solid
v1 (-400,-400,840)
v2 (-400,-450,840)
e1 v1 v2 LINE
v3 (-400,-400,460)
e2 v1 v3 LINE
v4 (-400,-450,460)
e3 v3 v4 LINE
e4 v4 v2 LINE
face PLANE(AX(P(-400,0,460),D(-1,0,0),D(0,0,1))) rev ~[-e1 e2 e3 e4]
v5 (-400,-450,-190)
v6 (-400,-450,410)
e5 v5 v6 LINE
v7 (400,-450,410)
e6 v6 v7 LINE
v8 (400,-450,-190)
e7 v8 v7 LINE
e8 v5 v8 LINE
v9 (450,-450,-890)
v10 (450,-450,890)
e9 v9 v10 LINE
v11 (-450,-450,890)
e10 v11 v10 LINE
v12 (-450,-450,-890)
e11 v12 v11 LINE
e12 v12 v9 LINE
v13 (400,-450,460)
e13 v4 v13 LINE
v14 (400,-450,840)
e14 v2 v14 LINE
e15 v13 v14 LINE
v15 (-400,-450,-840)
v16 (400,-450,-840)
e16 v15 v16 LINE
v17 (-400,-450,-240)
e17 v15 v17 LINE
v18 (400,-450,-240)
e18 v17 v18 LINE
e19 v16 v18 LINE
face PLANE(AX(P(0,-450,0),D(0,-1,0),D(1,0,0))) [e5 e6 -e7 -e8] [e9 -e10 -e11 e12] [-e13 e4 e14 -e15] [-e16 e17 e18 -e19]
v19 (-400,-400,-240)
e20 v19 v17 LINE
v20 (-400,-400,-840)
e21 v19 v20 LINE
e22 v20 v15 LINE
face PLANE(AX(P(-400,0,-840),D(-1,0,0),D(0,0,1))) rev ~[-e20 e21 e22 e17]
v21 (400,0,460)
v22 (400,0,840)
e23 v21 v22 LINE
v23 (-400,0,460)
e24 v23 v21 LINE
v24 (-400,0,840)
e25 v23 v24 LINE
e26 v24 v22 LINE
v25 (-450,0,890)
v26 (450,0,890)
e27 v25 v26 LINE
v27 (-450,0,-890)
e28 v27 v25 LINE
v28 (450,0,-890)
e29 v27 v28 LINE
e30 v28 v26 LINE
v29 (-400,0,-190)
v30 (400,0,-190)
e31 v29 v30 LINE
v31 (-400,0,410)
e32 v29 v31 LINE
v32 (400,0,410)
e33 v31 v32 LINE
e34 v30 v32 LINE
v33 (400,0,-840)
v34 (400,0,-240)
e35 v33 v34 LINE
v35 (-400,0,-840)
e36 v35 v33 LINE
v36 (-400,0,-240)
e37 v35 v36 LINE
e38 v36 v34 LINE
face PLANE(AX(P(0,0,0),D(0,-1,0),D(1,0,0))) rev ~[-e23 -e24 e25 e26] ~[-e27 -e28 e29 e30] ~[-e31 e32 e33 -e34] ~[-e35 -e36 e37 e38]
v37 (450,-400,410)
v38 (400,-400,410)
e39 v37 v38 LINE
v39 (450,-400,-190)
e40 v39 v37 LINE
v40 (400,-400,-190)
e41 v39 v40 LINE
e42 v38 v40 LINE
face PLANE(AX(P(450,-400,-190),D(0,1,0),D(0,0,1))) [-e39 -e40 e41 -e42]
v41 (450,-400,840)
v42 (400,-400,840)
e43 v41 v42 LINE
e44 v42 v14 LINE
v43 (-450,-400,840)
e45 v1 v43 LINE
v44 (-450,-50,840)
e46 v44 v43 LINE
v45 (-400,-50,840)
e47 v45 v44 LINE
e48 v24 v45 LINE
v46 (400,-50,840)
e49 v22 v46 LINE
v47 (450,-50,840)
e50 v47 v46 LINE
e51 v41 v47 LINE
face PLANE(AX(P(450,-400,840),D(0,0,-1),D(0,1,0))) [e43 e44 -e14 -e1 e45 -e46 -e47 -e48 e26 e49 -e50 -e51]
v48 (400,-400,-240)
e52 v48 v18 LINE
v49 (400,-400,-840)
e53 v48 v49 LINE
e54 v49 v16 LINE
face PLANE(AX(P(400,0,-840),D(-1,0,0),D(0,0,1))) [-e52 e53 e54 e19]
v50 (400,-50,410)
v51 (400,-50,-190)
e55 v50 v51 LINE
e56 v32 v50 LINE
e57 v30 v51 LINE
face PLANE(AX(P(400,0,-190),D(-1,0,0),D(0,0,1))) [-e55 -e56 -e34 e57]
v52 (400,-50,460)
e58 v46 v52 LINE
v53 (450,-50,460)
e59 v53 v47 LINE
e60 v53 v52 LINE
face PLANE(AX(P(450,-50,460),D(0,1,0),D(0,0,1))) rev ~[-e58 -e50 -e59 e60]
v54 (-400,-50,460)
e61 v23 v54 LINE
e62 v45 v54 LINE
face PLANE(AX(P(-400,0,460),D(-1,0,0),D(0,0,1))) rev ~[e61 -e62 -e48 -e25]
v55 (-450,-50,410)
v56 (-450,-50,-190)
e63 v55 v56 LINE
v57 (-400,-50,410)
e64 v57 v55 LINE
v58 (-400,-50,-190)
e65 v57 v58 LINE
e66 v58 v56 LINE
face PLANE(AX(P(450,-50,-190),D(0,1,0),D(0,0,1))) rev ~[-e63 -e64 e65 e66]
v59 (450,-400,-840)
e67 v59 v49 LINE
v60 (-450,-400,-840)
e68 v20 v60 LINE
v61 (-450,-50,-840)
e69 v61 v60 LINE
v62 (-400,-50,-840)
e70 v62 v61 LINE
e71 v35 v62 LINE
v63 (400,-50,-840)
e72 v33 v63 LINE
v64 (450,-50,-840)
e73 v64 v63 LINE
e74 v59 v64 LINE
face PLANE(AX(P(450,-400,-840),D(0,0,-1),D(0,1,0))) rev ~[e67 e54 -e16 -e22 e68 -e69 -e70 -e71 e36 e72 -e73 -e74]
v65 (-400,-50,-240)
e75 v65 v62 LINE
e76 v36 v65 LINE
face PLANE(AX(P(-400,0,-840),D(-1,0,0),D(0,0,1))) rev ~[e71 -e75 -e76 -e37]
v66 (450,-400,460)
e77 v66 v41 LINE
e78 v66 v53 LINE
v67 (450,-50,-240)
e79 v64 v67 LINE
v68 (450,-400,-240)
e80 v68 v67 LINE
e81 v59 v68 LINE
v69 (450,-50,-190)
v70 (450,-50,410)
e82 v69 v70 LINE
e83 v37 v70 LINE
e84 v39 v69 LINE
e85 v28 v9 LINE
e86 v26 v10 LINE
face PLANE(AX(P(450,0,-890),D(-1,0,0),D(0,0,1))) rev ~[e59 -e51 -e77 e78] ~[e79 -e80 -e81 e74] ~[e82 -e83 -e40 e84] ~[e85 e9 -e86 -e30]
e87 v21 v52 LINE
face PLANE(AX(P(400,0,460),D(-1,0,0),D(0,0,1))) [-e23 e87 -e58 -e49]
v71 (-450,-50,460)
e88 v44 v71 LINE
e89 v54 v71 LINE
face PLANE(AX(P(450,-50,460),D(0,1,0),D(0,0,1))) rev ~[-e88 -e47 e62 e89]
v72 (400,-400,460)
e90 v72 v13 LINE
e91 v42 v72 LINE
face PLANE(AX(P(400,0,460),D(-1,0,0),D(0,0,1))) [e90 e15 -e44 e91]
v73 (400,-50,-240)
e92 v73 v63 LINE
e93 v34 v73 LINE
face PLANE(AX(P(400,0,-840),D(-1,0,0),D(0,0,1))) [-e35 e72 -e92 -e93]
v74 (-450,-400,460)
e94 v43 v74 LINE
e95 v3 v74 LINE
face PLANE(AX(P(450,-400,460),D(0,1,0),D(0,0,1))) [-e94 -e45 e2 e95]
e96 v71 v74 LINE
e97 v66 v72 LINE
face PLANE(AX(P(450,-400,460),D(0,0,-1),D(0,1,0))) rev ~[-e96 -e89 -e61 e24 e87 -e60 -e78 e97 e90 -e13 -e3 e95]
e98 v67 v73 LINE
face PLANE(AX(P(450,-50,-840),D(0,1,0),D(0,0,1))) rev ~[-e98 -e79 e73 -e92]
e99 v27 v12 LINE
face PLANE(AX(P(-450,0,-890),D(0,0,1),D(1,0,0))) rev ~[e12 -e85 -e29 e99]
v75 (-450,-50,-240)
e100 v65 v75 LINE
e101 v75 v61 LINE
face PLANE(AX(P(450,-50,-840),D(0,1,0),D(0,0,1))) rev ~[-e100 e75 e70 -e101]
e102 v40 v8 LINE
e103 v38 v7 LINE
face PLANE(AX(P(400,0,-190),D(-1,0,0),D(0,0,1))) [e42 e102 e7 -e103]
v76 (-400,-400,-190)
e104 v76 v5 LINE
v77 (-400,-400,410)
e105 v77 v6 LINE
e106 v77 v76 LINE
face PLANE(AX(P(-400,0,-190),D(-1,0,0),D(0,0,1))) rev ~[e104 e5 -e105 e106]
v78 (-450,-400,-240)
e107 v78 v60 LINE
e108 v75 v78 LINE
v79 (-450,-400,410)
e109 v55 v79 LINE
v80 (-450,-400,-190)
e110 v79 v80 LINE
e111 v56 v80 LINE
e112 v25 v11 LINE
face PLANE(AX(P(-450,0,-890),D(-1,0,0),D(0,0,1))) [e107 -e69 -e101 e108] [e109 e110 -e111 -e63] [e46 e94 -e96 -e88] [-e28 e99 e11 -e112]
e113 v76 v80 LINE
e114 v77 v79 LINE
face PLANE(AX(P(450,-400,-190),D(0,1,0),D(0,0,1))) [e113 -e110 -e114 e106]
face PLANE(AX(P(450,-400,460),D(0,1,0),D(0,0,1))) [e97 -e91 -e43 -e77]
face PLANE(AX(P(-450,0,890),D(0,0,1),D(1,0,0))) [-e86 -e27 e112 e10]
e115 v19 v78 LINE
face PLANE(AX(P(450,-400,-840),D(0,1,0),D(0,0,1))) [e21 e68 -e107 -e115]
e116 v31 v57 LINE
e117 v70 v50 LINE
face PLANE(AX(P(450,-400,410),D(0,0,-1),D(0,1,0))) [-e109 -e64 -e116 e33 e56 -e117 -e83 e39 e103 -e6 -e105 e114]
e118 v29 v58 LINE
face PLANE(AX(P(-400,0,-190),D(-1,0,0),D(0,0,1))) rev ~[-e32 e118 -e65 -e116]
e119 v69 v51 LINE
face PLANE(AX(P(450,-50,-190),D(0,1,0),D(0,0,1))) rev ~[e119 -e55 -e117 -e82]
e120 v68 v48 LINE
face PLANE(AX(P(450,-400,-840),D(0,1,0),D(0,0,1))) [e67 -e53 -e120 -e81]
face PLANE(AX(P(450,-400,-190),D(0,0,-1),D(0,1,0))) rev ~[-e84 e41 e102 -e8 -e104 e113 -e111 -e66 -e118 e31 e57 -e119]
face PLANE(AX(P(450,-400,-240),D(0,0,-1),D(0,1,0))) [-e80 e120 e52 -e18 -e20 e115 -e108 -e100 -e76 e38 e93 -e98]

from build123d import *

# Parameters (mm, degrees)
F0_W     = 900
F0_H     = 1780
F0_W_2   = 800
F0_H_2   = 600
F0_H_3   = 380
F1_DEPTH = 450
F2_W     = 350
F2_H     = 380
F2_H_2   = 600
F3_DEPTH = 900.001


with BuildPart() as f1:
    # F0 (on Front) → F1 (new body)
    with BuildSketch(Plane.XZ):
        Rectangle(F0_W, F0_H)
        with Locations((0, -540)):
            Rectangle(F0_W_2, F0_H_2, mode=Mode.SUBTRACT)
        with Locations((0, 110)):
            Rectangle(F0_W_2, F0_H_2, mode=Mode.SUBTRACT)
        with Locations((0, 650)):
            Rectangle(F0_W_2, F0_H_3, mode=Mode.SUBTRACT)
    extrude(amount=F1_DEPTH)

    # F2 (on face) → F3 (cut, through all)
    with BuildSketch(Plane.YZ.offset(450)):
        with Locations((-225, 650)):
            Rectangle(F2_W, F2_H)
        with Locations((-225, 110)):
            Rectangle(F2_W, F2_H_2)
        with Locations((-225, -540)):
            Rectangle(F2_W, F2_H_2)
    extrude(amount=-F3_DEPTH, mode=Mode.SUBTRACT)


solid = f1.part
